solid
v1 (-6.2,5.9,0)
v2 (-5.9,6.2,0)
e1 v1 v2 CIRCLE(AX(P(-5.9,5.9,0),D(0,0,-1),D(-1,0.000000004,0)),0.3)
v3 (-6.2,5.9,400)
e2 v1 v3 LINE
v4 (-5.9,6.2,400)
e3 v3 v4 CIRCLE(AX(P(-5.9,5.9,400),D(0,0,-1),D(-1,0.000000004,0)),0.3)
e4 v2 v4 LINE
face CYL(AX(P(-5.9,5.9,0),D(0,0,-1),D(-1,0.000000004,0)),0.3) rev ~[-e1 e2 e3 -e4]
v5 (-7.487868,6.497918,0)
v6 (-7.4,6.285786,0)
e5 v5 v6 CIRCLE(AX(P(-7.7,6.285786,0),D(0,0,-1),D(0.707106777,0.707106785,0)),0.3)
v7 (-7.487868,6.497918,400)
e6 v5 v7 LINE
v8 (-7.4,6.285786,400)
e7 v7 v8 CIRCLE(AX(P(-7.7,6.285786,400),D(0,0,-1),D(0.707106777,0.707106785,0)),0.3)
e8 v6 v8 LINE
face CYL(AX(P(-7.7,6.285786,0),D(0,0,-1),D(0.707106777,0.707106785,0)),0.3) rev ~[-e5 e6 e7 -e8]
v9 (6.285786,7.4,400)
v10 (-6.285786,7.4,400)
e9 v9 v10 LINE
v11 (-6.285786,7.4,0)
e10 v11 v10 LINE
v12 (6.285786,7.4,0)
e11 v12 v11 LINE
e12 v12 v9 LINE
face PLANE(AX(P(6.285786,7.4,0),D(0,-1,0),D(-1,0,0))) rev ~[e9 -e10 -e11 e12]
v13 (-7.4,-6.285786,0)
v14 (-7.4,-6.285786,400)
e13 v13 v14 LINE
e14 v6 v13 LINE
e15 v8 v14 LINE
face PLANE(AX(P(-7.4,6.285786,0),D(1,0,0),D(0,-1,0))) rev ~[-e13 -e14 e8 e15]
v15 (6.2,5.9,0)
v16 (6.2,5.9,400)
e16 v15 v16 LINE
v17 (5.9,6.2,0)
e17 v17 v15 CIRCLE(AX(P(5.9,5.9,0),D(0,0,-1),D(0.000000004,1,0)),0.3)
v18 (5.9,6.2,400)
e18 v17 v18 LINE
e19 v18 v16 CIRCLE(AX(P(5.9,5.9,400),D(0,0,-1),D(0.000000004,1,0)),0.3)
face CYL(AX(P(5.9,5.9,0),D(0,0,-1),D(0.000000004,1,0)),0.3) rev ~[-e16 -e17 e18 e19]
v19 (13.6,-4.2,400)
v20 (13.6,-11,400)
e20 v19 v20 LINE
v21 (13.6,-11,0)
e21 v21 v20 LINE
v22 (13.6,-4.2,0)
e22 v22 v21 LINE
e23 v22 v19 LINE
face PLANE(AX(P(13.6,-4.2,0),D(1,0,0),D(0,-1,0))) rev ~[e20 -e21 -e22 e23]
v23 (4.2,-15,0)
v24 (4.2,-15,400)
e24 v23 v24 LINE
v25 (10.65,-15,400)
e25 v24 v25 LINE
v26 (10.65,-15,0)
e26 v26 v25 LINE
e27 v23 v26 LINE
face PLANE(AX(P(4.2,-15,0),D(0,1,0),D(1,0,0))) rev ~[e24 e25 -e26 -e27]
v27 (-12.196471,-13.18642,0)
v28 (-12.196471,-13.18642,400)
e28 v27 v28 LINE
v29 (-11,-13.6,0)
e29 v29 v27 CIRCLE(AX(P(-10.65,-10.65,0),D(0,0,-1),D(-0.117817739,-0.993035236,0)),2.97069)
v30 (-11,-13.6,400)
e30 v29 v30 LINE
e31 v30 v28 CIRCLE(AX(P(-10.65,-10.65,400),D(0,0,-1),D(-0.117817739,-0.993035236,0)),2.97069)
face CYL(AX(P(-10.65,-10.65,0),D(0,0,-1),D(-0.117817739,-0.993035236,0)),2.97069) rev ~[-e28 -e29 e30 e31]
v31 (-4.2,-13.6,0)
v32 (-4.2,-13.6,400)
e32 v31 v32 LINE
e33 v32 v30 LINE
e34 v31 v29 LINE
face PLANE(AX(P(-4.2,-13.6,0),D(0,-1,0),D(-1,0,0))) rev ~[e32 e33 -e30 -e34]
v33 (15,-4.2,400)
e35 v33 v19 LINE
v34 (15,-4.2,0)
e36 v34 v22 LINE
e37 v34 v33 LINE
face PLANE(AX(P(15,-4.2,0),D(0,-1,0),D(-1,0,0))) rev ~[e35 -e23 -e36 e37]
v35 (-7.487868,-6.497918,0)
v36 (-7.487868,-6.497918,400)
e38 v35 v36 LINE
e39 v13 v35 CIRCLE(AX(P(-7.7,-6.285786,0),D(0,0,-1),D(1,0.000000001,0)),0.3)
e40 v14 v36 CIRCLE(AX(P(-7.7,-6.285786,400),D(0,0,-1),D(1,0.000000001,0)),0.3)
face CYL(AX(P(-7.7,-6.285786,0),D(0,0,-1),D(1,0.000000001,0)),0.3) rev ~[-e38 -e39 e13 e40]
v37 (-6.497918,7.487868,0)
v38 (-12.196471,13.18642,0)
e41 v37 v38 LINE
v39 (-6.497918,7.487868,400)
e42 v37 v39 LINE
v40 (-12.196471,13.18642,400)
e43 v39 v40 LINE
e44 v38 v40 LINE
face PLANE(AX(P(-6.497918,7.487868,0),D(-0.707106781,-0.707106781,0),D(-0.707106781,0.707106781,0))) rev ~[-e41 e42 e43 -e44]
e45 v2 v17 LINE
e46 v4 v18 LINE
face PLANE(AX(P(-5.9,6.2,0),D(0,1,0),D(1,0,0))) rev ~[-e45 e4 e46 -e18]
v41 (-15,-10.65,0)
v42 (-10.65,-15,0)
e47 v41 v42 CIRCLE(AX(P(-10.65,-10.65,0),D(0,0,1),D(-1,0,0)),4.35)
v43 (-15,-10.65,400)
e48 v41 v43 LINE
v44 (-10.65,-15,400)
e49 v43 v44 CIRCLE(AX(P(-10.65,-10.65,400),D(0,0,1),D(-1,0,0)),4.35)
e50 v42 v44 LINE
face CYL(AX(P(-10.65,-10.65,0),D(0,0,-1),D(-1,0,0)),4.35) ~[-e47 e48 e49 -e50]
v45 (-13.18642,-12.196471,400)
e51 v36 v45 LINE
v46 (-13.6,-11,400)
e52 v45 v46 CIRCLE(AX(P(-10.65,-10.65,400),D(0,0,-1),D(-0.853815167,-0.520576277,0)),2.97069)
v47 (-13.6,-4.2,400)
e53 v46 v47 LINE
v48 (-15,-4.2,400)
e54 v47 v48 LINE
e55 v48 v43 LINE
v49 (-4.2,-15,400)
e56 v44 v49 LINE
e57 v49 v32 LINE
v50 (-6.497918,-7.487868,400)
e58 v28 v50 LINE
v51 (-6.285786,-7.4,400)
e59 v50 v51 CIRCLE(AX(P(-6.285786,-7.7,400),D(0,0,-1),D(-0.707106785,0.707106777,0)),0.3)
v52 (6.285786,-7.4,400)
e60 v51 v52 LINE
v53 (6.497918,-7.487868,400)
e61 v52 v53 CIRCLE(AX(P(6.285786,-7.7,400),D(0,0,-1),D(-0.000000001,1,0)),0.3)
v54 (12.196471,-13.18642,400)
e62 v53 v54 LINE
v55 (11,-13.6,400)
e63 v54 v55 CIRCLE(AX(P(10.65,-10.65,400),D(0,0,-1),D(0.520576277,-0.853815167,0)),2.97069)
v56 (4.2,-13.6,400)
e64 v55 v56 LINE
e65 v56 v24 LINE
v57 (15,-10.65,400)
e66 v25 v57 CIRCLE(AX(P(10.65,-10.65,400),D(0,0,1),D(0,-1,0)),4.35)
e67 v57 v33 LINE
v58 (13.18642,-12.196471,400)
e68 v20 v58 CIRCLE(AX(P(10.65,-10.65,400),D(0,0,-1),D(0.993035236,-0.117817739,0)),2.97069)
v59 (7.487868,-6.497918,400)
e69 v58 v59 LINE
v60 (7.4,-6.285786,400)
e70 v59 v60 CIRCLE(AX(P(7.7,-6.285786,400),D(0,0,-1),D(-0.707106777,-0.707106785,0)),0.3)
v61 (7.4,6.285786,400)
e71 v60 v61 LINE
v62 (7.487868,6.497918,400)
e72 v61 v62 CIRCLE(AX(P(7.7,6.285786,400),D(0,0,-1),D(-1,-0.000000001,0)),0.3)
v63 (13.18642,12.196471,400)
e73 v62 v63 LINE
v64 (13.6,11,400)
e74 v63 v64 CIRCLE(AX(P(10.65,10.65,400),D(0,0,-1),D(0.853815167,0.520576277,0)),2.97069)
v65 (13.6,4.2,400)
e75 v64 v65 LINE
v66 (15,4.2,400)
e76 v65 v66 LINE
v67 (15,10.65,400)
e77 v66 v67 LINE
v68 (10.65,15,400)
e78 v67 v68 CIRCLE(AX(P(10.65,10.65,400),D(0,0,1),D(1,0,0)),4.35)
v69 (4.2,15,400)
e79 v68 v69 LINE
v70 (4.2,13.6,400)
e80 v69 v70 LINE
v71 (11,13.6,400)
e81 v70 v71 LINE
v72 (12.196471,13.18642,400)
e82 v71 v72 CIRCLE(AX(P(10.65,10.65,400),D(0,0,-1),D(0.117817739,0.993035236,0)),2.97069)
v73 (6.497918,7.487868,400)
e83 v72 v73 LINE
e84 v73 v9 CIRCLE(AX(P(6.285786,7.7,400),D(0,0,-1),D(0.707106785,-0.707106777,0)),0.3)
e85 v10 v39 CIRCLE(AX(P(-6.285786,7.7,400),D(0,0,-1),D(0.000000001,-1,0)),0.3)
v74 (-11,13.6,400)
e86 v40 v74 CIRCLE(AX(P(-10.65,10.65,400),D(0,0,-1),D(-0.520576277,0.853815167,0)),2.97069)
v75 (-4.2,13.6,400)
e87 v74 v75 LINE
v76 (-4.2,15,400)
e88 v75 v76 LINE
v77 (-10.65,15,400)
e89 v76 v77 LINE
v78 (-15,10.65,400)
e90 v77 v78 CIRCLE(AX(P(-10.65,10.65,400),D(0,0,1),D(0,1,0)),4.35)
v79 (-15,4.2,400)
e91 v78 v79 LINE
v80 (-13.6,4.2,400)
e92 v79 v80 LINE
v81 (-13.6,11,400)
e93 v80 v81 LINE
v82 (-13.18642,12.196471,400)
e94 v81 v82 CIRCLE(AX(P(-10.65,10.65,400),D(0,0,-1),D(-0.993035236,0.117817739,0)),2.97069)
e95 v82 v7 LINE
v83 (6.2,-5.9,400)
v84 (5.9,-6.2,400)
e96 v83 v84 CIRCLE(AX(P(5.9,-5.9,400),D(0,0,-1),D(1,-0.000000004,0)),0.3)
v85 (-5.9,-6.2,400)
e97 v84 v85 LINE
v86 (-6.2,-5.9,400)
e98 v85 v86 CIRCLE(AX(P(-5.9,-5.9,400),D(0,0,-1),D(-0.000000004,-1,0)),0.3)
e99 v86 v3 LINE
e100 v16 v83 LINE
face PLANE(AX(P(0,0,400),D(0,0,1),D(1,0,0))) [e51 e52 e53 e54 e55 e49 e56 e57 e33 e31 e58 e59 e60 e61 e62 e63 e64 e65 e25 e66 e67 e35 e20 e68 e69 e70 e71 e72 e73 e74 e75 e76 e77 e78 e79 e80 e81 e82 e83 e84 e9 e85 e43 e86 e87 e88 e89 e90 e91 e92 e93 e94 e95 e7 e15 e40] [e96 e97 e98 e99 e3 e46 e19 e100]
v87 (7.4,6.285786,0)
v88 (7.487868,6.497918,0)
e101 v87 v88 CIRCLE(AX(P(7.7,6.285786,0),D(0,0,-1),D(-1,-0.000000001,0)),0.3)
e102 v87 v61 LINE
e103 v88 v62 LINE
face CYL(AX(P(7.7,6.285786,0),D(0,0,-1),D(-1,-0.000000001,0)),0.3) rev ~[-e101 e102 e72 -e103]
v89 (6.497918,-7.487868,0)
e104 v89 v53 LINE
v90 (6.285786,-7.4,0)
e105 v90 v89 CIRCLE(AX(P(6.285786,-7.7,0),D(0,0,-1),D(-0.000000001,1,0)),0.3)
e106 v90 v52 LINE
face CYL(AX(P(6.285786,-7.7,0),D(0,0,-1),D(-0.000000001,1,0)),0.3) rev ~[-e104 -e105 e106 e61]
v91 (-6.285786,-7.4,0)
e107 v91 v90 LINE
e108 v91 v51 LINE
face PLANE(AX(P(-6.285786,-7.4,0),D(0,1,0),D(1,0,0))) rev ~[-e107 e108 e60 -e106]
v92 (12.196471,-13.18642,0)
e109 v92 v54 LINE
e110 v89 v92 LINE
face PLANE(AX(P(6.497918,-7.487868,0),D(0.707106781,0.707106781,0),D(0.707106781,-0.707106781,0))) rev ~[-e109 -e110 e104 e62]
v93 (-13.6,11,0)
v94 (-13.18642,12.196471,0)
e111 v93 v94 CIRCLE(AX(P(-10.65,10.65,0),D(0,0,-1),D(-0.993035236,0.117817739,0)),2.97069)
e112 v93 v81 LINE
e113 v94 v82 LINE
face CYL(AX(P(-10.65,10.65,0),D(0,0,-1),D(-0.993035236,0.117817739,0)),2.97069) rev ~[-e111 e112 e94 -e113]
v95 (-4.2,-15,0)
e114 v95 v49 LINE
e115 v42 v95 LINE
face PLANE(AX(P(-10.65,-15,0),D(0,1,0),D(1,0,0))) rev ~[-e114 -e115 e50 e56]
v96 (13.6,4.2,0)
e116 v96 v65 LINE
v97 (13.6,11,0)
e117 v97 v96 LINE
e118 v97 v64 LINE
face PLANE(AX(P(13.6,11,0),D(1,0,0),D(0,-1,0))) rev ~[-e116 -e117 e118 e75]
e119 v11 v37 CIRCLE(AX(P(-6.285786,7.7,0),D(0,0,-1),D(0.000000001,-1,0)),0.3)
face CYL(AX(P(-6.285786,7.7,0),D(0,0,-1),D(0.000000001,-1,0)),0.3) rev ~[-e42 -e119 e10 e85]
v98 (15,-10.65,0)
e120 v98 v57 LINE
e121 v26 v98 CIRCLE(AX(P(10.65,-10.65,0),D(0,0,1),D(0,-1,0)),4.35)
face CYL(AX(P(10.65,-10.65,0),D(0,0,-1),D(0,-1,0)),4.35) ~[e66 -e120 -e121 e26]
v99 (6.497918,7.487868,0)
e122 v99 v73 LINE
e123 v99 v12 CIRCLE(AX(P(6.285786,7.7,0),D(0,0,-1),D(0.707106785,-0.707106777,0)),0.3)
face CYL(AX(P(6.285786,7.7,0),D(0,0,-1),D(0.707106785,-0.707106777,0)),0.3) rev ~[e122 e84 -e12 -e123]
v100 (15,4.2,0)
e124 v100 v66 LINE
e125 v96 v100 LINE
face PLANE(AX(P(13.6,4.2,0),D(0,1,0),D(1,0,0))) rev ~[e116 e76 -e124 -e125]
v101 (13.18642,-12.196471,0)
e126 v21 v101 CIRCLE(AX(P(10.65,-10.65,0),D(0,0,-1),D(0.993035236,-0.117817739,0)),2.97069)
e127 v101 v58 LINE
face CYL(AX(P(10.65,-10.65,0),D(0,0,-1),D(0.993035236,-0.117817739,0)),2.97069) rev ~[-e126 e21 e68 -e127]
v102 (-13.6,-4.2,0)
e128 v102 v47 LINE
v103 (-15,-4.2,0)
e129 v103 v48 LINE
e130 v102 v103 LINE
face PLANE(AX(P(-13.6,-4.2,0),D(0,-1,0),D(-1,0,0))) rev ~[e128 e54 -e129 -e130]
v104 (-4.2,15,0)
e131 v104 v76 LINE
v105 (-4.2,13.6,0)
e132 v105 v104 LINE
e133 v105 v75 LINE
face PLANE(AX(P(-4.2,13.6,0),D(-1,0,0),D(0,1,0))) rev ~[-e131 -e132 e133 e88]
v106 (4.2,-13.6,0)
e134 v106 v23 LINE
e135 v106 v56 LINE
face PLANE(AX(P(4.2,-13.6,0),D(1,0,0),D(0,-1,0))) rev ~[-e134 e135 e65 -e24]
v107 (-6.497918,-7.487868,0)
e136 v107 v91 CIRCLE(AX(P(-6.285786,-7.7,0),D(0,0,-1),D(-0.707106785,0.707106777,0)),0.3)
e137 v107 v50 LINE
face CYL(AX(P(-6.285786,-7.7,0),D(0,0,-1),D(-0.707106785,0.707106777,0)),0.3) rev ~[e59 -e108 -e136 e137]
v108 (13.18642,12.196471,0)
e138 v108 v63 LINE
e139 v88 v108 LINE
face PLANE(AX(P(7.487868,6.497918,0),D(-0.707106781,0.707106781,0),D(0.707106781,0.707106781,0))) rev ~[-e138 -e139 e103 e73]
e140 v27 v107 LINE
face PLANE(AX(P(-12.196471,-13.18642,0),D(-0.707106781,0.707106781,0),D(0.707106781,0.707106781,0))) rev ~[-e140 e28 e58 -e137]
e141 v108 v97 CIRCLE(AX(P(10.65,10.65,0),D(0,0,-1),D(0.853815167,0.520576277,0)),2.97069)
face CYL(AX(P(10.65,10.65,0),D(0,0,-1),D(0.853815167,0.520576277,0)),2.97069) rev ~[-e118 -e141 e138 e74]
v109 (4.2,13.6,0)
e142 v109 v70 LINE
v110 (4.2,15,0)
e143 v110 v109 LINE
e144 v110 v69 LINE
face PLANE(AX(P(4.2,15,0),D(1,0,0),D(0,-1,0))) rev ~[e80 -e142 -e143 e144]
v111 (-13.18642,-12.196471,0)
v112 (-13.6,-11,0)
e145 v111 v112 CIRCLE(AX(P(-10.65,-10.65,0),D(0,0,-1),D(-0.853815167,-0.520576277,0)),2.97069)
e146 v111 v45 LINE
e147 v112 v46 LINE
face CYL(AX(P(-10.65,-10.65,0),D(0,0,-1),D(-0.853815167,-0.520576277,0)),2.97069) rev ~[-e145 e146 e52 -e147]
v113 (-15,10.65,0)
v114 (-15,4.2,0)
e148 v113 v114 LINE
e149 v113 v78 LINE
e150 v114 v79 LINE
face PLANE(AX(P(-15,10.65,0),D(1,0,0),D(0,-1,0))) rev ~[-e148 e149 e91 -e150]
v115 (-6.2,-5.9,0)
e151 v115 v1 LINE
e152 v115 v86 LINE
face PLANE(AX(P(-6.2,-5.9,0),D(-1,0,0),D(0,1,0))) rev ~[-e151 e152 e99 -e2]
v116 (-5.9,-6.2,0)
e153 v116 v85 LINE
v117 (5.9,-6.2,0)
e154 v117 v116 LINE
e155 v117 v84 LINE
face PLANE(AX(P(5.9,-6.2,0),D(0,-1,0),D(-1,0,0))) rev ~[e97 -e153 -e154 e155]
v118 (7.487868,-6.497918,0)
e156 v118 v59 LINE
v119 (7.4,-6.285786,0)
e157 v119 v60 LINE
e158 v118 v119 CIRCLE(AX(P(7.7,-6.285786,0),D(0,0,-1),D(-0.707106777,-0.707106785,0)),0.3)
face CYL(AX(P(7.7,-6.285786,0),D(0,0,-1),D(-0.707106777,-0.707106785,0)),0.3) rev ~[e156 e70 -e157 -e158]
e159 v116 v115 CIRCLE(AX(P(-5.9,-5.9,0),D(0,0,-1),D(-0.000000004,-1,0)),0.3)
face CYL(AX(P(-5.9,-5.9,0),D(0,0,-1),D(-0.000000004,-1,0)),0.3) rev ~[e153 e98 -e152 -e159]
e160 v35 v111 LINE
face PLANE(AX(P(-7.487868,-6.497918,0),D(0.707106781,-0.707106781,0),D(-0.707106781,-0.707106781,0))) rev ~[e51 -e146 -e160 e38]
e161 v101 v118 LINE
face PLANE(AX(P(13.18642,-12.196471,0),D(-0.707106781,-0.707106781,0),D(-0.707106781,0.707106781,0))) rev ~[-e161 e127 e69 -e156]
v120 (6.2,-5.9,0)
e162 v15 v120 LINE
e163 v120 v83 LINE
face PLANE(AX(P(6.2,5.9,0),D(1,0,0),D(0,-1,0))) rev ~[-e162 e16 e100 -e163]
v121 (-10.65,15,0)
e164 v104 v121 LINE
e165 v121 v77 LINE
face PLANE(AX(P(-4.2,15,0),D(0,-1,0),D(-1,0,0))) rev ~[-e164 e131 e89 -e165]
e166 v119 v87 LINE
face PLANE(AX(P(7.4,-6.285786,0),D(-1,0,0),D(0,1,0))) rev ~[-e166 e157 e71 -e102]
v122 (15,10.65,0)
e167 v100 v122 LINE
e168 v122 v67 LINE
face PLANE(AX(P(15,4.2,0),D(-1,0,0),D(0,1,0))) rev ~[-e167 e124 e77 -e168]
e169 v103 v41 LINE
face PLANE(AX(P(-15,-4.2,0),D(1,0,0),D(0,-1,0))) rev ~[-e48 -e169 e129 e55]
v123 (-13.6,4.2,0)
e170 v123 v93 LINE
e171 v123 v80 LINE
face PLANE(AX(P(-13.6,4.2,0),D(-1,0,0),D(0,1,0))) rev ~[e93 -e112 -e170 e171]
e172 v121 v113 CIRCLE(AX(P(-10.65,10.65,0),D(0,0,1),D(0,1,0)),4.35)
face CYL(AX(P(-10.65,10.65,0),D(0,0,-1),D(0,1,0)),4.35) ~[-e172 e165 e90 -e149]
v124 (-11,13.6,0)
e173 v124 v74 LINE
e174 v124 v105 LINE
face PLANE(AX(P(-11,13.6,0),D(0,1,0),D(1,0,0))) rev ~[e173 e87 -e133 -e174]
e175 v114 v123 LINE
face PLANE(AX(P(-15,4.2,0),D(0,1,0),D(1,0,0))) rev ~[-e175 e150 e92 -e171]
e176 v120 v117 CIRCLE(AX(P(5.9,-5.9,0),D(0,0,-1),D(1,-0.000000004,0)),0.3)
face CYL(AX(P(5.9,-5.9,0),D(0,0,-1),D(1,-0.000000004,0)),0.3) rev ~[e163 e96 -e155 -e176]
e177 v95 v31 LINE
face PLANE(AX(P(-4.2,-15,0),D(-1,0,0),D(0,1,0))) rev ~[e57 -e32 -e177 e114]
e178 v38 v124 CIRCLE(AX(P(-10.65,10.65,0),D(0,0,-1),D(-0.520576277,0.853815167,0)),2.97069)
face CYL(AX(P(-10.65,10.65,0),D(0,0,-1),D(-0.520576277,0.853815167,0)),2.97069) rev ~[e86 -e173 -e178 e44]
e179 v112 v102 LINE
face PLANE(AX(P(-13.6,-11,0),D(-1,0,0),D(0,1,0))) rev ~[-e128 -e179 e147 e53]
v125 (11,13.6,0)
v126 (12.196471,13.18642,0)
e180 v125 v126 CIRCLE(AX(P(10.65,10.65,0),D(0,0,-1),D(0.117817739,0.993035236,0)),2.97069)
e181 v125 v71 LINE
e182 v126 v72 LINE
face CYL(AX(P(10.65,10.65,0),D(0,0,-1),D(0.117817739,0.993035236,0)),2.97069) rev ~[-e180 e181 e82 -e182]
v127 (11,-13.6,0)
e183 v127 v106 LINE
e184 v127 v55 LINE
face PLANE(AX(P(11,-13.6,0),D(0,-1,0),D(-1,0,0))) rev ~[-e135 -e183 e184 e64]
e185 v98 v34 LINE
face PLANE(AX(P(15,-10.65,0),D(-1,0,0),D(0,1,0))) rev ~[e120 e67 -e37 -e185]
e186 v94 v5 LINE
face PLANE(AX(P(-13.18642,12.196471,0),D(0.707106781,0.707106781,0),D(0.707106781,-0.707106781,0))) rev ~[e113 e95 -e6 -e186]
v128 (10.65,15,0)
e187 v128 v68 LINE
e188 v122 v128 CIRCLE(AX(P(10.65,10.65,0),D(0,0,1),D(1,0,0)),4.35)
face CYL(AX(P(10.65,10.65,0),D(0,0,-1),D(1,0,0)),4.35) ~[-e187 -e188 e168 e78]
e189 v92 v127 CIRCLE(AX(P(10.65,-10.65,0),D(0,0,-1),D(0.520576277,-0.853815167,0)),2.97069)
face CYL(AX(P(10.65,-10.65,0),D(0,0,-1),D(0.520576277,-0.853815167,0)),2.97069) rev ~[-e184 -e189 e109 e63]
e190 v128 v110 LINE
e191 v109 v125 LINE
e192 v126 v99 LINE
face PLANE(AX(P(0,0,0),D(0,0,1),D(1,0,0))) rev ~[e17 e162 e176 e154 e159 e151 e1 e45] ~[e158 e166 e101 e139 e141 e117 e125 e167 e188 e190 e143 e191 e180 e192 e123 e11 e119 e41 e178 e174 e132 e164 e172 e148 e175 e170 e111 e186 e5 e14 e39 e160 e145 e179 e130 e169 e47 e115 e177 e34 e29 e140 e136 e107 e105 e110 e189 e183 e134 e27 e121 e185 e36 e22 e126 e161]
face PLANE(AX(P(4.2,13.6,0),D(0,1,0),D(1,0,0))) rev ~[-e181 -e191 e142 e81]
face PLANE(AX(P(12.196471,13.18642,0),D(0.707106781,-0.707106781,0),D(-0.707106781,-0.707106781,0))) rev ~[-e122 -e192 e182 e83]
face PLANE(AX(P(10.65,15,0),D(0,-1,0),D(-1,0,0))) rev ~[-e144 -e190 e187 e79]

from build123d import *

# Parameters (mm, degrees)
EXTRUDE_1_DEPTH = 400


with BuildPart() as part:
    # Эскиз1 → Бобышка-Вытянуть1 (new body)
    with BuildSketch(Plane.XY):
        with BuildLine():
            ThreePointArc((-10.65, 15), (-13.725914498, 13.725914498), (-15, 10.65))
            Line((-15, 10.65), (-15, 4.2))
            Line((-15, 4.2), (-13.6, 4.2))
            Line((-13.6, 4.2), (-13.6, 11))
            ThreePointArc((-13.6, 11), (-13.457683666, 11.620521732), (-13.186420313, 12.196470819))
            Line((-13.186420313, 12.196470819), (-7.487867966, 6.497918472))
            ThreePointArc((-7.487867966, 6.497918472), (-7.42283614, 6.400591467), (-7.4, 6.285786438))
            Line((-7.4, 6.285786438), (-7.4, 0))
            Line((-7.4, 0), (-7.4, -6.285786438))
            ThreePointArc((-7.4, -6.285786438), (-7.42283614, -6.400591467), (-7.487867966, -6.497918472))
            Line((-7.487867966, -6.497918472), (-13.186420313, -12.196470819))
            ThreePointArc((-13.186420313, -12.196470819), (-13.457683666, -11.620521732), (-13.6, -11))
            Line((-13.6, -11), (-13.6, -4.2))
            Line((-13.6, -4.2), (-15, -4.2))
            Line((-15, -4.2), (-15, -10.65))
            ThreePointArc((-15, -10.65), (-13.725914498, -13.725914498), (-10.65, -15))
            Line((-10.65, -15), (-4.2, -15))
            Line((-4.2, -15), (-4.2, -13.6))
            Line((-4.2, -13.6), (-11, -13.6))
            ThreePointArc((-11, -13.6), (-11.620521732, -13.457683666), (-12.196470819, -13.186420313))
            Line((-12.196470819, -13.186420313), (-6.497918472, -7.487867966))
            ThreePointArc((-6.497918472, -7.487867966), (-6.400591467, -7.42283614), (-6.285786438, -7.4))
            Line((-6.285786438, -7.4), (6.285786438, -7.4))
            ThreePointArc((6.285786438, -7.4), (6.400591467, -7.42283614), (6.497918472, -7.487867966))
            Line((6.497918472, -7.487867966), (12.196470819, -13.186420313))
            ThreePointArc((12.196470819, -13.186420313), (11.620521732, -13.457683666), (11, -13.6))
            Line((11, -13.6), (4.2, -13.6))
            Line((4.2, -13.6), (4.2, -15))
            Line((4.2, -15), (10.65, -15))
            ThreePointArc((10.65, -15), (13.725914498, -13.725914498), (15, -10.65))
            Line((15, -10.65), (15, -4.2))
            Line((15, -4.2), (13.6, -4.2))
            Line((13.6, -4.2), (13.6, -11))
            ThreePointArc((13.6, -11), (13.457683666, -11.620521732), (13.186420313, -12.196470819))
            Line((13.186420313, -12.196470819), (7.487867966, -6.497918472))
            ThreePointArc((7.487867966, -6.497918472), (7.42283614, -6.400591467), (7.4, -6.285786438))
            Line((7.4, -6.285786438), (7.4, 0))
            Line((7.4, 0), (7.4, 6.285786438))
            ThreePointArc((7.4, 6.285786438), (7.42283614, 6.400591467), (7.487867966, 6.497918472))
            Line((7.487867966, 6.497918472), (13.186420313, 12.196470819))
            ThreePointArc((13.186420313, 12.196470819), (13.457683666, 11.620521732), (13.6, 11))
            Line((13.6, 11), (13.6, 4.2))
            Line((13.6, 4.2), (15, 4.2))
            Line((15, 4.2), (15, 10.65))
            ThreePointArc((15, 10.65), (13.725914498, 13.725914498), (10.65, 15))
            Line((10.65, 15), (4.2, 15))
            Line((4.2, 15), (4.2, 13.6))
            Line((4.2, 13.6), (11, 13.6))
            ThreePointArc((11, 13.6), (11.620521732, 13.457683666), (12.196470819, 13.186420313))
            Line((12.196470819, 13.186420313), (6.497918472, 7.487867966))
            ThreePointArc((6.497918472, 7.487867966), (6.400591467, 7.42283614), (6.285786438, 7.4))
            Line((6.285786438, 7.4), (0, 7.4))
            Line((0, 7.4), (-6.285786438, 7.4))
            ThreePointArc((-6.285786438, 7.4), (-6.400591467, 7.42283614), (-6.497918472, 7.487867966))
            Line((-6.497918472, 7.487867966), (-12.196470819, 13.186420313))
            ThreePointArc((-12.196470819, 13.186420313), (-11.620521732, 13.457683666), (-11, 13.6))
            Line((-11, 13.6), (-4.2, 13.6))
            Line((-4.2, 13.6), (-4.2, 15))
            Line((-4.2, 15), (-10.65, 15))
        make_face()
        with BuildLine():
            Line((0.01702519, 6.2), (5.9, 6.2))
            ThreePointArc((5.9, 6.2), (6.112132034, 6.112132034), (6.2, 5.9))
            Line((6.2, 5.9), (6.2, -0.01702519))
            Line((6.2, -0.01702519), (6.2, -5.9))
            ThreePointArc((6.2, -5.9), (6.112132034, -6.112132034), (5.9, -6.2))
            Line((5.9, -6.2), (0.01702519, -6.2))
            Line((0.01702519, -6.2), (-0.01702519, -6.2))
            Line((-0.01702519, -6.2), (-5.9, -6.2))
            ThreePointArc((-5.9, -6.2), (-6.112132034, -6.112132034), (-6.2, -5.9))
            Line((-6.2, -5.9), (-6.2, -0.01702519))
            Line((-6.2, -0.01702519), (-6.2, 0))
            Line((-6.2, 0), (-6.2, 5.9))
            ThreePointArc((-6.2, 5.9), (-6.112132034, 6.112132034), (-5.9, 6.2))
            Line((-5.9, 6.2), (0, 6.2))
            Line((0, 6.2), (0.01702519, 6.2))
        make_face(mode=Mode.SUBTRACT)
    extrude(amount=EXTRUDE_1_DEPTH)


solid = part.part
